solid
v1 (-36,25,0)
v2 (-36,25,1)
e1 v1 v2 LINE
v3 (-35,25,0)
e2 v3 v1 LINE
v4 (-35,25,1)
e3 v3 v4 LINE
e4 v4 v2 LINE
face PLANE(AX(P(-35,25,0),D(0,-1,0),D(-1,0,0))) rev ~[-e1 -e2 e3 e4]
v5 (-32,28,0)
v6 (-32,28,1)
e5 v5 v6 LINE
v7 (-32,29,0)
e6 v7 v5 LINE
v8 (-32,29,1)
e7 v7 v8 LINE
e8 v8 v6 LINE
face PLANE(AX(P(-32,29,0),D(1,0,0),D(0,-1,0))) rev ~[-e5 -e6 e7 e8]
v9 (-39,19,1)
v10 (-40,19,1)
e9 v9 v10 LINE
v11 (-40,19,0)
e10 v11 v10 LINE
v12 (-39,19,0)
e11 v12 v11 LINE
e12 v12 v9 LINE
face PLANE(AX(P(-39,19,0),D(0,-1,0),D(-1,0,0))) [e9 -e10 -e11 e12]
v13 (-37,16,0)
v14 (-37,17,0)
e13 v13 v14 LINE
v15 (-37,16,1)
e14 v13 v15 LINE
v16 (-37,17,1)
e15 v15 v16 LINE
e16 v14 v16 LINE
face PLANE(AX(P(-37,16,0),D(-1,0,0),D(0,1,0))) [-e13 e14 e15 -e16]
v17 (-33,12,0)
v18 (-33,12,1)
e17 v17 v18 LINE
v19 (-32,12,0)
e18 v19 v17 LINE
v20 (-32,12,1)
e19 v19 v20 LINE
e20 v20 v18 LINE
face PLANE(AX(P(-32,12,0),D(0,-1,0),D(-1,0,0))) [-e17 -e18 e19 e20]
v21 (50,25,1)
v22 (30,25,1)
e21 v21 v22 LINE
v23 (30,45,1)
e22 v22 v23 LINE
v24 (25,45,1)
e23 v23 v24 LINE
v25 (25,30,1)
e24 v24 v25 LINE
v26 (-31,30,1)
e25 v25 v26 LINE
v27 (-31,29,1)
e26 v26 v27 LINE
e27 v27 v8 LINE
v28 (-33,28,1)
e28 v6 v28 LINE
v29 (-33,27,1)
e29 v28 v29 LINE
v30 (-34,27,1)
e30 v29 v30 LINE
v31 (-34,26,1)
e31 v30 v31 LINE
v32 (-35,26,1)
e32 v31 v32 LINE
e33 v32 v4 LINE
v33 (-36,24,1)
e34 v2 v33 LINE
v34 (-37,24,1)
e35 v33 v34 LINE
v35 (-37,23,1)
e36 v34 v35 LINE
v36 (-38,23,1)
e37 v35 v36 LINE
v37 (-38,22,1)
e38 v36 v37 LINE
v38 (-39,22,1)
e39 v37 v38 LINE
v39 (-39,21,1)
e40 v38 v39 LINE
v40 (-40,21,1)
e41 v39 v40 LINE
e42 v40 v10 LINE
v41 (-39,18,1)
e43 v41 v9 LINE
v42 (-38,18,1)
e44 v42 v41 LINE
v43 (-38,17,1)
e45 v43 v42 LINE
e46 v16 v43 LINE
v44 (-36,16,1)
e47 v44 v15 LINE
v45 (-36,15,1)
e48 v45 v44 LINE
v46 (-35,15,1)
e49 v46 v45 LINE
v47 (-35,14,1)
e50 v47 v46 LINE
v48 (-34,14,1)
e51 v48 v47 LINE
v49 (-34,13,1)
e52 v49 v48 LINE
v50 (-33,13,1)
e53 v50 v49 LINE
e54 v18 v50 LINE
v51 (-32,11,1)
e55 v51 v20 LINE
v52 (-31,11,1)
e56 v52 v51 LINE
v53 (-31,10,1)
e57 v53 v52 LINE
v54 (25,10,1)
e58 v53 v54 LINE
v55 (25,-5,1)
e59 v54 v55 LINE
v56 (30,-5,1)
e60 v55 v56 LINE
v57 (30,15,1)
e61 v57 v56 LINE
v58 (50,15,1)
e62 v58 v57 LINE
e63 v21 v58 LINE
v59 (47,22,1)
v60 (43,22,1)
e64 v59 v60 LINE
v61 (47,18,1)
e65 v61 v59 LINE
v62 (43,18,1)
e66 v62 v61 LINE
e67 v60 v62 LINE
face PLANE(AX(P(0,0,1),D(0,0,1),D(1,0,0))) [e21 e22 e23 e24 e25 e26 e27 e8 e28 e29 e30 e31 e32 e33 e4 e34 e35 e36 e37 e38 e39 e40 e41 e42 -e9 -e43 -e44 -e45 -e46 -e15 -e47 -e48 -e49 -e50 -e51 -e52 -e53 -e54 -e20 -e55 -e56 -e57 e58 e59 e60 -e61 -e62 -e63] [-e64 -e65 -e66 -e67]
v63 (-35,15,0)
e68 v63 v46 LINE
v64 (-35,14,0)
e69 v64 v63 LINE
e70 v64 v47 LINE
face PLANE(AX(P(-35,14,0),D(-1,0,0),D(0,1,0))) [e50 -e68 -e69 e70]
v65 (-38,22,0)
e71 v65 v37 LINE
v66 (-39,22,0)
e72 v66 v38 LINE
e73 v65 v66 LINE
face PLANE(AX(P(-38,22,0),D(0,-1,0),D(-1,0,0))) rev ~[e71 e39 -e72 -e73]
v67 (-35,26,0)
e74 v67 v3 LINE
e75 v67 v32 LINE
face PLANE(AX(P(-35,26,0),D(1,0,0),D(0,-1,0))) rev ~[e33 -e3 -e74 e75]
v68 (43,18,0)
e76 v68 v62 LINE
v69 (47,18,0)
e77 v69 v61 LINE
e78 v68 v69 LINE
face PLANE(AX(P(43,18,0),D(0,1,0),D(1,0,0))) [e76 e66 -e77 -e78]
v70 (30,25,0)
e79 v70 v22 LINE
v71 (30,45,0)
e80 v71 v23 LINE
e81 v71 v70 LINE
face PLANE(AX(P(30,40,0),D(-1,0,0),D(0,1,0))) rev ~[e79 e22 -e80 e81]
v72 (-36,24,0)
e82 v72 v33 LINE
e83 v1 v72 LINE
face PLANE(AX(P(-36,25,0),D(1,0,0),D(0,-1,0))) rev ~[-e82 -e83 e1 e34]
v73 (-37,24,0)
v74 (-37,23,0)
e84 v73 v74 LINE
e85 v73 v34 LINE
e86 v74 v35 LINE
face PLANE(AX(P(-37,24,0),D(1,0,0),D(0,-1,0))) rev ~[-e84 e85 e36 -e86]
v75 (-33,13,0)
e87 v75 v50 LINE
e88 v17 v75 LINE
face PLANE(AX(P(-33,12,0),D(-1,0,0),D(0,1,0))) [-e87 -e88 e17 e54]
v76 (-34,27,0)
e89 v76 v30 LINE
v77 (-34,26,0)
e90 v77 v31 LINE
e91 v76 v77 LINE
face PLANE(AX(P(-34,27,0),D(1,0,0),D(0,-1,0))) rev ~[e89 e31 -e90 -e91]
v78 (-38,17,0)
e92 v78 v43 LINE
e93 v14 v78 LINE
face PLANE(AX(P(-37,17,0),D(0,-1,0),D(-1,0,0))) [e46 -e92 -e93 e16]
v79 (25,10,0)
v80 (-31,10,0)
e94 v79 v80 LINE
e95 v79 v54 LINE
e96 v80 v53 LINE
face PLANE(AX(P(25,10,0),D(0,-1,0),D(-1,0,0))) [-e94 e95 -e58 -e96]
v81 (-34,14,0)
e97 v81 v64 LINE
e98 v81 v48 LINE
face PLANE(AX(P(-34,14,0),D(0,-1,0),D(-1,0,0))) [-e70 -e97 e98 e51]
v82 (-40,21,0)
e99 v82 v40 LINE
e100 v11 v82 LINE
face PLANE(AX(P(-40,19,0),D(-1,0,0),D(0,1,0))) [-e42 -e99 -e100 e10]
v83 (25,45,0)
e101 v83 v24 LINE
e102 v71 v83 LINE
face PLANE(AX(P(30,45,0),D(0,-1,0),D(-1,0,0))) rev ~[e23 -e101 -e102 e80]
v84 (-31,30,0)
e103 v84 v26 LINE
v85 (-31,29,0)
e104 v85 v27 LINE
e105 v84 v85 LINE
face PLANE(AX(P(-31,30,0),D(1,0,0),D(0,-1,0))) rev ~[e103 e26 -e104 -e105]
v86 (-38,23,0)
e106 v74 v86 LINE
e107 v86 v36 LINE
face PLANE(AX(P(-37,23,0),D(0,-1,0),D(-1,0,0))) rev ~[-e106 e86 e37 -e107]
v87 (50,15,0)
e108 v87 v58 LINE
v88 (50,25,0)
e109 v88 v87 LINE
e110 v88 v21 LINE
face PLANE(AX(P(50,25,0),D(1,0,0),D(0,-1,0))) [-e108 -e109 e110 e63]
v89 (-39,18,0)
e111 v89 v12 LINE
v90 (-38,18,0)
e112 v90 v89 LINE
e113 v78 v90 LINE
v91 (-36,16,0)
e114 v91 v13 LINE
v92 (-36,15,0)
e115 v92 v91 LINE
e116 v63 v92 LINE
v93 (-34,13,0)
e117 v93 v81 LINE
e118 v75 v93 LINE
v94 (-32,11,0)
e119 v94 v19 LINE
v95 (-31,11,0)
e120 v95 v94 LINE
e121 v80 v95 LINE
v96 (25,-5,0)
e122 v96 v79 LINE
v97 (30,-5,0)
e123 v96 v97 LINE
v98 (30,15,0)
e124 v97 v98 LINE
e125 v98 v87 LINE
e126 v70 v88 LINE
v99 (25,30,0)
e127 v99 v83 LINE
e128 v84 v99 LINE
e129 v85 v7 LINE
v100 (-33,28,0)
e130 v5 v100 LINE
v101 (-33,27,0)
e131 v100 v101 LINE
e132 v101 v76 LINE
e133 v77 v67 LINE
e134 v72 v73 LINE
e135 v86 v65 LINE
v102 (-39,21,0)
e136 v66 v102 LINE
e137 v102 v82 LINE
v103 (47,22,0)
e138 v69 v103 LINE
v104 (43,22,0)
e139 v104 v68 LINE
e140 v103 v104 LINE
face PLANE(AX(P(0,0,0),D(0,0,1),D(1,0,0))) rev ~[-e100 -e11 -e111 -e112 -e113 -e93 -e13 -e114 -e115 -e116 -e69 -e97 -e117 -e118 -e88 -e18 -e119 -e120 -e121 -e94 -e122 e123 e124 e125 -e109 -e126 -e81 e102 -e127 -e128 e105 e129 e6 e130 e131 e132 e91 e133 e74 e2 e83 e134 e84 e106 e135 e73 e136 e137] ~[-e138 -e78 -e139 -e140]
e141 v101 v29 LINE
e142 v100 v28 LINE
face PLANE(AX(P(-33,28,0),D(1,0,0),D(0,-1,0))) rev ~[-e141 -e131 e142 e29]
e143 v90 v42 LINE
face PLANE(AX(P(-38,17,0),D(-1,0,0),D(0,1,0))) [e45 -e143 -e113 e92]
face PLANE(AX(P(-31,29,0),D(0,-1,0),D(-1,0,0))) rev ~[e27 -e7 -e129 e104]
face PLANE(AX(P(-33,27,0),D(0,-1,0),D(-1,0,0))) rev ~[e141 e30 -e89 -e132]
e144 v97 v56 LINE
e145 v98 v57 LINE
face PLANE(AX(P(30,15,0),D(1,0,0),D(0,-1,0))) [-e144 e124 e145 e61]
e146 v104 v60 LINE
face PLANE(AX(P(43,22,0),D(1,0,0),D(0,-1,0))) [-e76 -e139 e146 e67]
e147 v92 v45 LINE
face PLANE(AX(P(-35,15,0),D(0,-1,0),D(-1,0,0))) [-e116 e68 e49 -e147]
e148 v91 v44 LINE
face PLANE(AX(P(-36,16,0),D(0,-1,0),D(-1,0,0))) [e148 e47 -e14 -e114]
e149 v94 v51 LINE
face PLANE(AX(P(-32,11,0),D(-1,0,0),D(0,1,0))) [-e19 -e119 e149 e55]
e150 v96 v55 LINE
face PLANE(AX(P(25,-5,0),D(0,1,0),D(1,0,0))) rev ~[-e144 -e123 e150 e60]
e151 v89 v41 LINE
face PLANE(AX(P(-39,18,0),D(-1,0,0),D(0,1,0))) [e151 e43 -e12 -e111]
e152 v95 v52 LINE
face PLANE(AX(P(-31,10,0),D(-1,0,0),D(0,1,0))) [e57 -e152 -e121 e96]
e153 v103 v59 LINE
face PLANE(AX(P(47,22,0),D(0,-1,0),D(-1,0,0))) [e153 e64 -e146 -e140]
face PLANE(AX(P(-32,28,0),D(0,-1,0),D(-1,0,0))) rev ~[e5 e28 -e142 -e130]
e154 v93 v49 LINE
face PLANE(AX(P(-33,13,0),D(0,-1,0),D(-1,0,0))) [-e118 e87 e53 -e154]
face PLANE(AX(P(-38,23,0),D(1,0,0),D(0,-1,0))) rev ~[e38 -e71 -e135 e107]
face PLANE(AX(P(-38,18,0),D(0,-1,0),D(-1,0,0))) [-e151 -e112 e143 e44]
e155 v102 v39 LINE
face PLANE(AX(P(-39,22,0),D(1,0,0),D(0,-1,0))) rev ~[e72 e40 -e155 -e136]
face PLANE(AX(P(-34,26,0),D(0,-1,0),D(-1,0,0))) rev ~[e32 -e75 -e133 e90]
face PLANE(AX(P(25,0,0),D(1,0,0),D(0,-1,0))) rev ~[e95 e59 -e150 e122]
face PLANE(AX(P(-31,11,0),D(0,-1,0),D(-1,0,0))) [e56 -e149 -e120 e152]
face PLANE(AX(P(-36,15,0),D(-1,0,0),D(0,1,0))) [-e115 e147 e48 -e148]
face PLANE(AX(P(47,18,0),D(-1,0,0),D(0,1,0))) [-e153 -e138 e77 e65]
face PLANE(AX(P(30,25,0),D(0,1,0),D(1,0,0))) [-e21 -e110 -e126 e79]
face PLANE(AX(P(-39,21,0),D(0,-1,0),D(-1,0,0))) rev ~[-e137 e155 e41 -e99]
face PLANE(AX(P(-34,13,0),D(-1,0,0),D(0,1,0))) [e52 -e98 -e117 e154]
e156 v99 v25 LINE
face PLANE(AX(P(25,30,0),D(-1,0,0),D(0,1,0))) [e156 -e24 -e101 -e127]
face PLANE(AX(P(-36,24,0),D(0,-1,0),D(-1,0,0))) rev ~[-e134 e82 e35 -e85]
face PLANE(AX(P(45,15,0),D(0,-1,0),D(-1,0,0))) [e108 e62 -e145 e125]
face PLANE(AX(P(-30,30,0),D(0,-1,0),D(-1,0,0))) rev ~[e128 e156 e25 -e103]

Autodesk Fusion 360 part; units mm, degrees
sketch "Sketch1" plane through (0, 0, 0) normal (0, 0, 1) x (1, 0, 0)
  line L0 (45, 15) -> (30, 15)
  line L1 (30, 15) -> (30, 25)
  line L2 (30, 25) -> (45, 25)
  line L3 (30, 25) -> (30, 40)
  line L4 (30, 40) -> (30, 0)
  line L5 (25, 0) -> (25, 40)
  line L6 (25, 30) -> (-25, 30)
  line L7 (25, 10) -> (-25, 10)
  line L8 (-25, 10) -> (-30, 10)
  line L9 (-30, 30) -> (-25, 30)
  line L10 (-30, 30) -> (-31, 30)
  line L11 (-31, 30) -> (-31, 29)
  line L12 (-31, 29) -> (-32, 29)
  line L13 (-32, 29) -> (-32, 28)
  line L14 (-32, 28) -> (-33, 28)
  line L15 (-33, 28) -> (-33, 27)
  line L16 (-33, 27) -> (-34, 27)
  line L17 (-34, 27) -> (-34, 26)
  line L18 (-34, 26) -> (-35, 26)
  line L19 (-35, 26) -> (-35, 25)
  line L20 (-35, 25) -> (-36, 25)
  line L21 (-36, 25) -> (-36, 24)
  line L22 (-36, 24) -> (-37, 24)
  line L23 (-37, 24) -> (-37, 23)
  line L24 (-37, 23) -> (-38, 23)
  line L25 (-38, 23) -> (-38, 22)
  line L26 (-38, 22) -> (-39, 22)
  line L27 (-39, 22) -> (-39, 21)
  line L28 (-39, 21) -> (-40, 21)
  line L29 (-40, 21) -> (-40, 20)
  line L30 (-30, 10) -> (-31, 10)
  line L31 (-31, 10) -> (-31, 11)
  line L32 (-31, 11) -> (-32, 11)
  line L33 (-32, 11) -> (-32, 12)
  line L34 (-32, 12) -> (-33, 12)
  line L35 (-33, 12) -> (-33, 13)
  line L36 (-33, 13) -> (-34, 13)
  line L37 (-34, 13) -> (-34, 14)
  line L38 (-34, 14) -> (-35, 14)
  line L39 (-35, 14) -> (-35, 15)
  line L40 (-35, 15) -> (-36, 15)
  line L41 (-36, 15) -> (-36, 16)
  line L42 (-36, 16) -> (-37, 16)
  line L43 (-37, 16) -> (-37, 17)
  line L44 (-37, 17) -> (-38, 17)
  line L45 (-38, 17) -> (-38, 18)
  line L46 (-38, 18) -> (-39, 18)
  line L47 (-39, 18) -> (-39, 19)
  line L48 (-39, 19) -> (-40, 19)
  line L49 (-40, 19) -> (-40, 20)
  line L50 (-40, 20.5) -> (-41, 20.5)
  line L51 (-41, 20.5) -> (-41, 19.5)
  line L52 (-41, 19.5) -> (-40, 19.5)
  line L53 (-41, 20.2859) -> (-41.5, 20.2859)
  line L54 (-41.5, 20.2859) -> (-41.5, 19.8)
  line L55 (30, 0) -> (30, -5)
  line L56 (25, 0) -> (25, -5)
  line L57 (25, -5) -> (30, -5)
  line L58 (30, 40) -> (30, 45)
  line L59 (30, 45) -> (25, 45)
  line L60 (25, 45) -> (25, 40)
  line L61 (45, 25) -> (50, 25)
  line L62 (50, 25) -> (50, 15)
  line L63 (50, 15) -> (45, 15)
  line L64 (43, 22) -> (43, 18)
  line L65 (43, 18) -> (47, 18)
  line L66 (47, 18) -> (47, 22)
  line L67 (47, 22) -> (43, 22)
extrude "Extrude1" add sketch "Sketch1" along normal blind 1 contours L0 L1 L2 L4 L61 L62 L63 | L1 L3 L4 L5 L55 L56 L57 L58 L59 L60 | L5 L6 L7 L8 L9 L10 L11 L12 L13 L14 L15 L16 L17 L18 L19 L20 L21 L22 L23 L24 L25 L26 L27 L28 L29 L30 L31 L32 L33 L34 L35 L36 L37 L38 L39 L40 L41 L42 L43 L44 L45 L46 L47 L48 L49
